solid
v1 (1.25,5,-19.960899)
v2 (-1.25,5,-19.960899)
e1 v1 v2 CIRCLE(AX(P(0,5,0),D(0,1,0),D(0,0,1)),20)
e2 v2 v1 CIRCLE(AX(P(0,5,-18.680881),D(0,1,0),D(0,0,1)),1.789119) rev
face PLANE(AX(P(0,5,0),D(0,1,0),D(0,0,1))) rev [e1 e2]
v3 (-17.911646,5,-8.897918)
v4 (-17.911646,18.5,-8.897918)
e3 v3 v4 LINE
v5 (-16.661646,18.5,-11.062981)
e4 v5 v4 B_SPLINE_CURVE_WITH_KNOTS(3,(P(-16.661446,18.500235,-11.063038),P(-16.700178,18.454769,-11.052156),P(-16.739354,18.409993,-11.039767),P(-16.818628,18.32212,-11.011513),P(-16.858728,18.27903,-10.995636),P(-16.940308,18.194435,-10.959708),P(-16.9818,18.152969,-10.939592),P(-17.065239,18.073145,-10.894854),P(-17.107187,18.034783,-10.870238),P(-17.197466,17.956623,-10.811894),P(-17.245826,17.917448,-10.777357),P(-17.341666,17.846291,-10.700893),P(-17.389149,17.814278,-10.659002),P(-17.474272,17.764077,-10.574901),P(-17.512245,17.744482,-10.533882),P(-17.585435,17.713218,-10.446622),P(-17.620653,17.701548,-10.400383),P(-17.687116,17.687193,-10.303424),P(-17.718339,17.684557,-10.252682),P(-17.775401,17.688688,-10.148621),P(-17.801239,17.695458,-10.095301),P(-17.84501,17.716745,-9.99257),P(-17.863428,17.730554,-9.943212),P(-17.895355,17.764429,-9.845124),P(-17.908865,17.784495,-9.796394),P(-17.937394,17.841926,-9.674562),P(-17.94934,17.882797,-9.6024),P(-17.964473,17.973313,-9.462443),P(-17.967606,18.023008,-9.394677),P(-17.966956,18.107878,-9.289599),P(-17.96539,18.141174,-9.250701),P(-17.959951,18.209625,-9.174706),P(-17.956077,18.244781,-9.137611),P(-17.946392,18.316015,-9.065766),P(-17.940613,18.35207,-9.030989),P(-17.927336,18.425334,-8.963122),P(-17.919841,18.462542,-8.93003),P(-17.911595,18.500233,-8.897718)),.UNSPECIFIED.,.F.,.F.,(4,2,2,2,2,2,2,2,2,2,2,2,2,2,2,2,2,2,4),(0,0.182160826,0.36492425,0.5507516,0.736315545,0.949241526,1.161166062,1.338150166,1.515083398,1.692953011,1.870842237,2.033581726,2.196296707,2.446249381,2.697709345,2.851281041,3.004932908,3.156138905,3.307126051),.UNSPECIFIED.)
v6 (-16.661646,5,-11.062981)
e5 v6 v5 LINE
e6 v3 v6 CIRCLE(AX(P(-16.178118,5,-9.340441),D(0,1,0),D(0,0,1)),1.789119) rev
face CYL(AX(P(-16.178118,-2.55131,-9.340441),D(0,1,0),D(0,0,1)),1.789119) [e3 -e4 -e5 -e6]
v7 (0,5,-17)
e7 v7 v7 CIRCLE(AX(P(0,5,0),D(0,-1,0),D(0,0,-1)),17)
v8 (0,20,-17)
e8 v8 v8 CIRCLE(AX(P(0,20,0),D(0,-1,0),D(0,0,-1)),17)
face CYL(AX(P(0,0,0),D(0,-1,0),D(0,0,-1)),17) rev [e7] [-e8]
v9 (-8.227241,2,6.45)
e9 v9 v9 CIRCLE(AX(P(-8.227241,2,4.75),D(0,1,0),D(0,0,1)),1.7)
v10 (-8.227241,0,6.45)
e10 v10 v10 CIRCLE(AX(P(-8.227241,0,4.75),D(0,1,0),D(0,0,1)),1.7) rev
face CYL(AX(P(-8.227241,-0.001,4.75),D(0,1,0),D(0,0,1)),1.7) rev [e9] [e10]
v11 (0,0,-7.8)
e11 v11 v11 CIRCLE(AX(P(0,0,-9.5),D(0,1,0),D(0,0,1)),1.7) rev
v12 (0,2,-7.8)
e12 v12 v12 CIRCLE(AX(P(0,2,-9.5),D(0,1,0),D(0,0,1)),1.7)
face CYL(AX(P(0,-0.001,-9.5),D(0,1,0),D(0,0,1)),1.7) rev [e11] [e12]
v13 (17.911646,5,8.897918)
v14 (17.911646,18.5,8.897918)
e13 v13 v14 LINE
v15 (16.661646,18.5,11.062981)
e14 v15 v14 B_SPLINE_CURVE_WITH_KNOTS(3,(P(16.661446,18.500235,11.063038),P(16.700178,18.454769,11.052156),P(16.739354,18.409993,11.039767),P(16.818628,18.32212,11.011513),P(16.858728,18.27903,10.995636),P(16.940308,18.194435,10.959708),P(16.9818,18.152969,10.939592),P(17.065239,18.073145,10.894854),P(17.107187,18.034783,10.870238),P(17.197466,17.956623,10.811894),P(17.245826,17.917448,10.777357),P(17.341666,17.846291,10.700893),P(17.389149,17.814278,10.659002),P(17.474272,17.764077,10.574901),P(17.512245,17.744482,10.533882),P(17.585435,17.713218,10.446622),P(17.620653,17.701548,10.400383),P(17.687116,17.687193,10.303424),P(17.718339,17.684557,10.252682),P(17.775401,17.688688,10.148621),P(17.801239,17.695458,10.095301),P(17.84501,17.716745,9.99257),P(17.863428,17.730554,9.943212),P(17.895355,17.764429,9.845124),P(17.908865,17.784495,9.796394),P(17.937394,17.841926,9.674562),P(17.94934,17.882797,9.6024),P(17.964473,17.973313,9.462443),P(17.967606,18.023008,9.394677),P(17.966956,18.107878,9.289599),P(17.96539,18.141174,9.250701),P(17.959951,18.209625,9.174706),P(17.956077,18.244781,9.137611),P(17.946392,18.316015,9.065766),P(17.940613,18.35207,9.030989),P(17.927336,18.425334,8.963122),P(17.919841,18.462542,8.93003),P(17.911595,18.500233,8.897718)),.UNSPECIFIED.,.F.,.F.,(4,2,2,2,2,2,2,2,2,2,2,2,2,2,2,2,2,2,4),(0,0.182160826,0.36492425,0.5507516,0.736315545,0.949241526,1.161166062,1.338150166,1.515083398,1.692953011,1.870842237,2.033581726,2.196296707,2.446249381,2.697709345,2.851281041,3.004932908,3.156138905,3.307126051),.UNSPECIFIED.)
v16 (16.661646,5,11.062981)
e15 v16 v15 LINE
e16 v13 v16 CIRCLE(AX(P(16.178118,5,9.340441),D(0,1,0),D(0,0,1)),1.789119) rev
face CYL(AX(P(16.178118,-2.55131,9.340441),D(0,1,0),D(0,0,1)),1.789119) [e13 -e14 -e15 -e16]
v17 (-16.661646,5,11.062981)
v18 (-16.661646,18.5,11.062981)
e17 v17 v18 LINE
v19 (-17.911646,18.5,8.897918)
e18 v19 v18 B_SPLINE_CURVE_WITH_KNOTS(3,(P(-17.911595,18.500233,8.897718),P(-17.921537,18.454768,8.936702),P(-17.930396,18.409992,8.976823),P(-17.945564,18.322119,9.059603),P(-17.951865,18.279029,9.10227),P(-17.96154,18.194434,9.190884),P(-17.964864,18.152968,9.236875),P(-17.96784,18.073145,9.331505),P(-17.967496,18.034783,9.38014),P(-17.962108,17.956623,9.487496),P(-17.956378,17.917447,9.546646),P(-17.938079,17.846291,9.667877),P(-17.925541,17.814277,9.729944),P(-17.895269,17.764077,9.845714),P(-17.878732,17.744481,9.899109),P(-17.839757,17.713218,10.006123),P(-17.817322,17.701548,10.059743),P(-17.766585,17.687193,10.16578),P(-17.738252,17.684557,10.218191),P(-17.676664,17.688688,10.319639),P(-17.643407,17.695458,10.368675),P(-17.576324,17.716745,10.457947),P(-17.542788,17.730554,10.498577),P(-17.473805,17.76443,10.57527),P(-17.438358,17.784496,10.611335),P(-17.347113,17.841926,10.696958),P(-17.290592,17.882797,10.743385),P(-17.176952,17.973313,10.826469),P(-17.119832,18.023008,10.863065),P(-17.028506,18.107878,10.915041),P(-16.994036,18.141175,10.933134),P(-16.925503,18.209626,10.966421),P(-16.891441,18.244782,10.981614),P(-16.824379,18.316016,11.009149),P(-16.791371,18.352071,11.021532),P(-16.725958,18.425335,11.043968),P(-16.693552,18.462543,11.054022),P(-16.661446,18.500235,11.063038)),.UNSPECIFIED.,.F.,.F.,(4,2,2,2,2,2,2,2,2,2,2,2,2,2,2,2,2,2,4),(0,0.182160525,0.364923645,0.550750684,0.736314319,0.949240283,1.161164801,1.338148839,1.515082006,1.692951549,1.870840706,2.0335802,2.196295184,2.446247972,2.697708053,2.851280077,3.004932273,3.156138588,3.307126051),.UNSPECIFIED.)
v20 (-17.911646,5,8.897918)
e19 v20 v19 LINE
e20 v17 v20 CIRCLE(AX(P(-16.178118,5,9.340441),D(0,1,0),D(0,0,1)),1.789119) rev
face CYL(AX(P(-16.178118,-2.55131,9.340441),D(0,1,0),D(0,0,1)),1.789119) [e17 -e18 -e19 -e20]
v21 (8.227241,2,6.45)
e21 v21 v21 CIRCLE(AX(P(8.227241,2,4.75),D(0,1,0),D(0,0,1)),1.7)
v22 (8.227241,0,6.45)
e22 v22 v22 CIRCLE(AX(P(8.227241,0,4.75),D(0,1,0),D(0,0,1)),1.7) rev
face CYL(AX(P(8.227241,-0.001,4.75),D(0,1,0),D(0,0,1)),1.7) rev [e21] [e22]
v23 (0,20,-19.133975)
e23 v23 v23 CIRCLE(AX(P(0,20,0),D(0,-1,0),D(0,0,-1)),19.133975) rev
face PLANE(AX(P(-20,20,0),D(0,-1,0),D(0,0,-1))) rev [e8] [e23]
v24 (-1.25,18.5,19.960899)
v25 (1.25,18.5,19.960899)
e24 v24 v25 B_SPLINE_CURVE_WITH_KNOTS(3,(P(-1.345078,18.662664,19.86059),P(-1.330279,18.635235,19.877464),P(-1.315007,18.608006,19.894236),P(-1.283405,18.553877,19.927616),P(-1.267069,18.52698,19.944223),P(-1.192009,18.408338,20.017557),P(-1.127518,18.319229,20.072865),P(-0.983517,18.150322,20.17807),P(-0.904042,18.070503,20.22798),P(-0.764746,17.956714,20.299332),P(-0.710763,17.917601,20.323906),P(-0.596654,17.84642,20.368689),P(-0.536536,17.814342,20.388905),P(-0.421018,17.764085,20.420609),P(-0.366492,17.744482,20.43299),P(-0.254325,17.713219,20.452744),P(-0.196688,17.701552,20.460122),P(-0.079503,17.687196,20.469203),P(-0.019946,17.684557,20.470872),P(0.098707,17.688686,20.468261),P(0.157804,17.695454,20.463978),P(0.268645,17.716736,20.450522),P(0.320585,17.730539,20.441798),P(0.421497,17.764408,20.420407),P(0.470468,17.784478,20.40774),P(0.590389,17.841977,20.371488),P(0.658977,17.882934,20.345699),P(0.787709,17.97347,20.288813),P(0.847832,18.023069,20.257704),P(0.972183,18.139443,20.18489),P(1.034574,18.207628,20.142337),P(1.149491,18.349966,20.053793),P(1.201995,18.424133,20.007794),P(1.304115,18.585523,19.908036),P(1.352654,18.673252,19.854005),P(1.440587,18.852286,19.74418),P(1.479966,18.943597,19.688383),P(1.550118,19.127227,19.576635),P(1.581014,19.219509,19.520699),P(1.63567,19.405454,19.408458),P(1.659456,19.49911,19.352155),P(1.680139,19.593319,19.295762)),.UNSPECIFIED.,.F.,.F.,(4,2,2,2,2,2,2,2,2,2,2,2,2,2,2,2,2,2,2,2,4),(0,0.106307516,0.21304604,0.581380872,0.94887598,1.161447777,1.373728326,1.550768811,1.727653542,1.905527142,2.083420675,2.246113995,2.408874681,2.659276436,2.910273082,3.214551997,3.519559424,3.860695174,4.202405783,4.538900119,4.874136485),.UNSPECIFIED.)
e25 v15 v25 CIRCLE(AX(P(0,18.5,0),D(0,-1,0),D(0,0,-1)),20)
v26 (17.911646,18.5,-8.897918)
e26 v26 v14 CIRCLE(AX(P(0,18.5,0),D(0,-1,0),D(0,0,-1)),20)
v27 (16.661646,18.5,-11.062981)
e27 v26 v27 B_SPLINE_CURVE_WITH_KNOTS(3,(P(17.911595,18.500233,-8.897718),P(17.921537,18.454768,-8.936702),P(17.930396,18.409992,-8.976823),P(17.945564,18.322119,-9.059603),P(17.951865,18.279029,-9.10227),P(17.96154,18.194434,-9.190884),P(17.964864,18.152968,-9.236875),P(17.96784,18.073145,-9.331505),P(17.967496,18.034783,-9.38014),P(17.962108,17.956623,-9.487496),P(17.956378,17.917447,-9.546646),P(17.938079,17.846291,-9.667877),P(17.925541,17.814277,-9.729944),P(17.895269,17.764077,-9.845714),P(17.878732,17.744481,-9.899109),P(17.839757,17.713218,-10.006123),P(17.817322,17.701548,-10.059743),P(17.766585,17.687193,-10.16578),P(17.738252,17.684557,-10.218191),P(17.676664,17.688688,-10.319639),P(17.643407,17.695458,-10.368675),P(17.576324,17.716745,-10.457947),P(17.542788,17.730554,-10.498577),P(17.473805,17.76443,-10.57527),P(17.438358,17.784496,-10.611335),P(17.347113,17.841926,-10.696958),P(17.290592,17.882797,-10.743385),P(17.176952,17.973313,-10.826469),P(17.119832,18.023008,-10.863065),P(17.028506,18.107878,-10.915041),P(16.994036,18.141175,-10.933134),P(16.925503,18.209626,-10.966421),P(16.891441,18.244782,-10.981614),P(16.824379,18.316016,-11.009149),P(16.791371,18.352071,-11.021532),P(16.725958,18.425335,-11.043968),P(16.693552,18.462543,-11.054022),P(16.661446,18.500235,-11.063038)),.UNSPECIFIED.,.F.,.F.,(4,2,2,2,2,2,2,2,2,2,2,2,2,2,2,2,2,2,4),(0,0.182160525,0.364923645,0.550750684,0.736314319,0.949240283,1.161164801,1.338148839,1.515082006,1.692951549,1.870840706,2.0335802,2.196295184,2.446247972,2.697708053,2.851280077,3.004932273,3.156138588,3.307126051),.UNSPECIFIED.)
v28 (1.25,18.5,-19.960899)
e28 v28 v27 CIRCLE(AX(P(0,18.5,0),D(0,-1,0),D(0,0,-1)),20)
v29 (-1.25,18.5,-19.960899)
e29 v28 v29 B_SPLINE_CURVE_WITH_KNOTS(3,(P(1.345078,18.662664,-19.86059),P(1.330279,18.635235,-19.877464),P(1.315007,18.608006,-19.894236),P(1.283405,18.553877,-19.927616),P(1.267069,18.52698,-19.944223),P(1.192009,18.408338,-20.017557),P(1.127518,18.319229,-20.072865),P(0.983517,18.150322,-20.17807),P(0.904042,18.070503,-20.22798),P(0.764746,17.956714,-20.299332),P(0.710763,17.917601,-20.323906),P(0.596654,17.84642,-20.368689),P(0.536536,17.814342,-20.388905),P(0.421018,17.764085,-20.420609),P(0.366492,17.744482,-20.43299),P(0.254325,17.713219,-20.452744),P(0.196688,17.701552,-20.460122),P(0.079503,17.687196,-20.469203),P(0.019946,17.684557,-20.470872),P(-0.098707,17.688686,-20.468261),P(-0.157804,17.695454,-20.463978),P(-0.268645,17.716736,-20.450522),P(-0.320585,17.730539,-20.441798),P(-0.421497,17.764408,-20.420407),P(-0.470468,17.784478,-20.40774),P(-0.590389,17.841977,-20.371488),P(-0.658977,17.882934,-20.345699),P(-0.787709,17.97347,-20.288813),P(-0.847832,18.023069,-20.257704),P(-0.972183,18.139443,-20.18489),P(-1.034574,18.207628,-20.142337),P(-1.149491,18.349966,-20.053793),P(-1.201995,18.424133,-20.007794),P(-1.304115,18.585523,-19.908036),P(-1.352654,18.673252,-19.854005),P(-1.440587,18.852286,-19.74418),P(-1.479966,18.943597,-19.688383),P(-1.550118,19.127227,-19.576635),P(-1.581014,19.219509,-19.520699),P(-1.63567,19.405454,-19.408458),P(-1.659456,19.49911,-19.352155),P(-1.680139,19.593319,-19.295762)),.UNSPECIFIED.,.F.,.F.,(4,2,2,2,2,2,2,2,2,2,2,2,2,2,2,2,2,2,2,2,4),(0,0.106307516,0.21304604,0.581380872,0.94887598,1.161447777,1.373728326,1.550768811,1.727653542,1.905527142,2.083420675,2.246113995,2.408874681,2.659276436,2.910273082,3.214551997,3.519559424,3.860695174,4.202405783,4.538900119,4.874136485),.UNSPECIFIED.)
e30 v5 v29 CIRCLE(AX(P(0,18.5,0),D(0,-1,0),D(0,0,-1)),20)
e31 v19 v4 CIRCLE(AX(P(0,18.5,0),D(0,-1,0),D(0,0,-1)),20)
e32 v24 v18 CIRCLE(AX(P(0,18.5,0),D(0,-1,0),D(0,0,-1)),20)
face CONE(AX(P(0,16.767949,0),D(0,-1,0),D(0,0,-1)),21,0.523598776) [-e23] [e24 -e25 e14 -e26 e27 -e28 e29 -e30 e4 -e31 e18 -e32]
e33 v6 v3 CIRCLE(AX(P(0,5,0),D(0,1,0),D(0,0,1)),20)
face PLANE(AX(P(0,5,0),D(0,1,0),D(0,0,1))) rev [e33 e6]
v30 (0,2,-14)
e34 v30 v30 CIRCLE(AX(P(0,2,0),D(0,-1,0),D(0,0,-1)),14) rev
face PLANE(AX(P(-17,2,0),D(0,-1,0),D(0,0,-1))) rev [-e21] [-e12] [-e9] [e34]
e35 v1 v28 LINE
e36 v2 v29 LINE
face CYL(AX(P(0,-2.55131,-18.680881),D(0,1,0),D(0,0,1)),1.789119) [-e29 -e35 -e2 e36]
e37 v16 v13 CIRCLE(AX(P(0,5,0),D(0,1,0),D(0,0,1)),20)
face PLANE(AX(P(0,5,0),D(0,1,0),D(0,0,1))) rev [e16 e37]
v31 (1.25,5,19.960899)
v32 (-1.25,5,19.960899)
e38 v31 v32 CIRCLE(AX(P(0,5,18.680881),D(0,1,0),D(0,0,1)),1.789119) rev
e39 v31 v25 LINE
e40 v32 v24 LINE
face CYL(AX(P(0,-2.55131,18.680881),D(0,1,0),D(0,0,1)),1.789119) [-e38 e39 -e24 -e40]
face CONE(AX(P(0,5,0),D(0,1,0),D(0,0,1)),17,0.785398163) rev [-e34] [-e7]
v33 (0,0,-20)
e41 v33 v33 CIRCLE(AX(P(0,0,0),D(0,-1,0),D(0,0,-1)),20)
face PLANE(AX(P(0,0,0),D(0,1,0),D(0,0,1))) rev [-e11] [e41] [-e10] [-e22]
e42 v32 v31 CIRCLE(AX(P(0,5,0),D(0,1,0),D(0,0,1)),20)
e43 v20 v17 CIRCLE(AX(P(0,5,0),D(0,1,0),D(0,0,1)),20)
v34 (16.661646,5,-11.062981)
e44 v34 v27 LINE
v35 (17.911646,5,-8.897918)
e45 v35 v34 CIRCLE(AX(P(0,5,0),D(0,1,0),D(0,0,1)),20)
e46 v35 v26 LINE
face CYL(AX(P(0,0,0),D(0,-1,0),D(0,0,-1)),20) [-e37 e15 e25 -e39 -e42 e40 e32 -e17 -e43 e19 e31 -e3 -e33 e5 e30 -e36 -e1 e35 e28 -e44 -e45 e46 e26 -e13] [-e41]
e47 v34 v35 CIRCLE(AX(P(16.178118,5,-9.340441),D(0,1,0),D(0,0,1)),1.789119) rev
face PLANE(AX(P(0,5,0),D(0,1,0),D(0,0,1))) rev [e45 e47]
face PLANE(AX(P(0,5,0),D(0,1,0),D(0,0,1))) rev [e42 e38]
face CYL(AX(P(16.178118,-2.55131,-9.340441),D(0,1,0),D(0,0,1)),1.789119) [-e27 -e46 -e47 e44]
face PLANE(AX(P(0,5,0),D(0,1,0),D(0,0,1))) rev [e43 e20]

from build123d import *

# Parameters (mm, degrees)
BOSS_EXTRUDE1_DEPTH = 15
CUT_EXTRUDE1_REACH  = 35.809
SKETCH5_R           = 1.7
CHAMFER1_SIZE       = 3


with BuildPart() as part:
    # Sketch2 → Revolve1 (revolve)
    with BuildSketch(Plane.XY, mode=Mode.PRIVATE) as revolve1_sk:
        Polygon((0, 0), (-20, 0), (-20, 20), (-17, 20), (-17, 2), (0, 2), align=None)
    revolve(revolve1_sk.sketch.rotate(Axis((0, 0, 0), (0, 1, 0)), 270), axis=Axis((0, 0, 0), (0, 1, 0)))

    # Sketch3 → Boss-Extrude1 (add)
    with BuildSketch(Plane(origin=(0, 20, 0), x_dir=(1, 0, 0), z_dir=(0, 1, 0))):
        with BuildLine():
            ThreePointArc((-1.25, 19.960899278), (0, 20.47), (1.25, 19.960899278))
            ThreePointArc((1.25, 19.960899278), (0, 20), (-1.25, 19.960899278))
        make_face()
        with BuildLine():
            ThreePointArc((16.661645857, 11.062981394), (17.320508076, 10), (17.911645857, 8.897917884))
            ThreePointArc((17.911645857, 8.897917884), (17.727540015, 10.235), (16.661645857, 11.062981394))
        make_face()
        with BuildLine():
            ThreePointArc((17.911645857, -8.897917884), (17.320508076, -10), (16.661645857, -11.062981394))
            ThreePointArc((16.661645857, -11.062981394), (17.727540015, -10.235), (17.911645857, -8.897917884))
        make_face()
        with BuildLine():
            ThreePointArc((1.25, -19.960899278), (0, -20), (-1.25, -19.960899278))
            ThreePointArc((-1.25, -19.960899278), (0, -20.47), (1.25, -19.960899278))
        make_face()
        with BuildLine():
            ThreePointArc((-16.661645857, -11.062981394), (-17.320508076, -10), (-17.911645857, -8.897917884))
            ThreePointArc((-17.911645857, -8.897917884), (-17.727540015, -10.235), (-16.661645857, -11.062981394))
        make_face()
        with BuildLine():
            ThreePointArc((-17.911645857, 8.897917884), (-17.320508076, 10), (-16.661645857, 11.062981394))
            ThreePointArc((-16.661645857, 11.062981394), (-17.727540015, 10.235), (-17.911645857, 8.897917884))
        make_face()
    extrude(amount=-BOSS_EXTRUDE1_DEPTH)

    # Sketch4 → Cut-Revolve1 (revolve, cut)
    with BuildSketch(Plane.XY, mode=Mode.PRIVATE) as cut_revolve1_sk:
        Polygon((-21, 16.767949192), (-18.556624327, 21), (-21, 21), align=None)
    revolve(cut_revolve1_sk.sketch.rotate(Axis((0, 20, 0), (0, -1, 0)), 90), axis=Axis((0, 20, 0), (0, -1, 0)), mode=Mode.SUBTRACT)

    # Sketch5 → Cut-Extrude1 (cut, up to next)
    with BuildSketch(Plane(origin=(0, 2, 0), x_dir=(1, 0, 0), z_dir=(0, 1, 0)), mode=Mode.PRIVATE) as cut_extrude1_sk1:
        with Locations(Location((0, 9.5, 0), (0, 0, 270))):
            Circle(SKETCH5_R)
    cut_extrude1_tool1 = extrude(cut_extrude1_sk1.sketch, amount=-CUT_EXTRUDE1_REACH, mode=Mode.PRIVATE) & part.part
    # Sketch5 → Cut-Extrude1 (cut, up to next)
    with BuildSketch(Plane(origin=(0, 2, 0), x_dir=(1, 0, 0), z_dir=(0, 1, 0)), mode=Mode.PRIVATE) as cut_extrude1_sk2:
        with Locations(Location((8.227241336, -4.75, 0), (0, 0, 270))):
            Circle(SKETCH5_R)
    cut_extrude1_tool2 = extrude(cut_extrude1_sk2.sketch, amount=-CUT_EXTRUDE1_REACH, mode=Mode.PRIVATE) & part.part
    # Sketch5 → Cut-Extrude1 (cut, up to next)
    with BuildSketch(Plane(origin=(0, 2, 0), x_dir=(1, 0, 0), z_dir=(0, 1, 0)), mode=Mode.PRIVATE) as cut_extrude1_sk3:
        with Locations(Location((-8.227241336, -4.75, 0), (0, 0, 270))):
            Circle(SKETCH5_R)
    cut_extrude1_tool3 = extrude(cut_extrude1_sk3.sketch, amount=-CUT_EXTRUDE1_REACH, mode=Mode.PRIVATE) & part.part
    add(cut_extrude1_tool1.solids().sort_by_distance((0, 2, -9.5))[0], mode=Mode.SUBTRACT)
    add(cut_extrude1_tool2.solids().sort_by_distance((8.227241, 2, 4.75))[0], mode=Mode.SUBTRACT)
    add(cut_extrude1_tool3.solids().sort_by_distance((-8.227241, 2, 4.75))[0], mode=Mode.SUBTRACT)

    # Chamfer1
    chamfer1_edges = [part.edges().sort_by_distance(p)[0] for p in [
        (0, 2, 17),
    ]]
    chamfer(chamfer1_edges, length=CHAMFER1_SIZE)


solid = part.part
